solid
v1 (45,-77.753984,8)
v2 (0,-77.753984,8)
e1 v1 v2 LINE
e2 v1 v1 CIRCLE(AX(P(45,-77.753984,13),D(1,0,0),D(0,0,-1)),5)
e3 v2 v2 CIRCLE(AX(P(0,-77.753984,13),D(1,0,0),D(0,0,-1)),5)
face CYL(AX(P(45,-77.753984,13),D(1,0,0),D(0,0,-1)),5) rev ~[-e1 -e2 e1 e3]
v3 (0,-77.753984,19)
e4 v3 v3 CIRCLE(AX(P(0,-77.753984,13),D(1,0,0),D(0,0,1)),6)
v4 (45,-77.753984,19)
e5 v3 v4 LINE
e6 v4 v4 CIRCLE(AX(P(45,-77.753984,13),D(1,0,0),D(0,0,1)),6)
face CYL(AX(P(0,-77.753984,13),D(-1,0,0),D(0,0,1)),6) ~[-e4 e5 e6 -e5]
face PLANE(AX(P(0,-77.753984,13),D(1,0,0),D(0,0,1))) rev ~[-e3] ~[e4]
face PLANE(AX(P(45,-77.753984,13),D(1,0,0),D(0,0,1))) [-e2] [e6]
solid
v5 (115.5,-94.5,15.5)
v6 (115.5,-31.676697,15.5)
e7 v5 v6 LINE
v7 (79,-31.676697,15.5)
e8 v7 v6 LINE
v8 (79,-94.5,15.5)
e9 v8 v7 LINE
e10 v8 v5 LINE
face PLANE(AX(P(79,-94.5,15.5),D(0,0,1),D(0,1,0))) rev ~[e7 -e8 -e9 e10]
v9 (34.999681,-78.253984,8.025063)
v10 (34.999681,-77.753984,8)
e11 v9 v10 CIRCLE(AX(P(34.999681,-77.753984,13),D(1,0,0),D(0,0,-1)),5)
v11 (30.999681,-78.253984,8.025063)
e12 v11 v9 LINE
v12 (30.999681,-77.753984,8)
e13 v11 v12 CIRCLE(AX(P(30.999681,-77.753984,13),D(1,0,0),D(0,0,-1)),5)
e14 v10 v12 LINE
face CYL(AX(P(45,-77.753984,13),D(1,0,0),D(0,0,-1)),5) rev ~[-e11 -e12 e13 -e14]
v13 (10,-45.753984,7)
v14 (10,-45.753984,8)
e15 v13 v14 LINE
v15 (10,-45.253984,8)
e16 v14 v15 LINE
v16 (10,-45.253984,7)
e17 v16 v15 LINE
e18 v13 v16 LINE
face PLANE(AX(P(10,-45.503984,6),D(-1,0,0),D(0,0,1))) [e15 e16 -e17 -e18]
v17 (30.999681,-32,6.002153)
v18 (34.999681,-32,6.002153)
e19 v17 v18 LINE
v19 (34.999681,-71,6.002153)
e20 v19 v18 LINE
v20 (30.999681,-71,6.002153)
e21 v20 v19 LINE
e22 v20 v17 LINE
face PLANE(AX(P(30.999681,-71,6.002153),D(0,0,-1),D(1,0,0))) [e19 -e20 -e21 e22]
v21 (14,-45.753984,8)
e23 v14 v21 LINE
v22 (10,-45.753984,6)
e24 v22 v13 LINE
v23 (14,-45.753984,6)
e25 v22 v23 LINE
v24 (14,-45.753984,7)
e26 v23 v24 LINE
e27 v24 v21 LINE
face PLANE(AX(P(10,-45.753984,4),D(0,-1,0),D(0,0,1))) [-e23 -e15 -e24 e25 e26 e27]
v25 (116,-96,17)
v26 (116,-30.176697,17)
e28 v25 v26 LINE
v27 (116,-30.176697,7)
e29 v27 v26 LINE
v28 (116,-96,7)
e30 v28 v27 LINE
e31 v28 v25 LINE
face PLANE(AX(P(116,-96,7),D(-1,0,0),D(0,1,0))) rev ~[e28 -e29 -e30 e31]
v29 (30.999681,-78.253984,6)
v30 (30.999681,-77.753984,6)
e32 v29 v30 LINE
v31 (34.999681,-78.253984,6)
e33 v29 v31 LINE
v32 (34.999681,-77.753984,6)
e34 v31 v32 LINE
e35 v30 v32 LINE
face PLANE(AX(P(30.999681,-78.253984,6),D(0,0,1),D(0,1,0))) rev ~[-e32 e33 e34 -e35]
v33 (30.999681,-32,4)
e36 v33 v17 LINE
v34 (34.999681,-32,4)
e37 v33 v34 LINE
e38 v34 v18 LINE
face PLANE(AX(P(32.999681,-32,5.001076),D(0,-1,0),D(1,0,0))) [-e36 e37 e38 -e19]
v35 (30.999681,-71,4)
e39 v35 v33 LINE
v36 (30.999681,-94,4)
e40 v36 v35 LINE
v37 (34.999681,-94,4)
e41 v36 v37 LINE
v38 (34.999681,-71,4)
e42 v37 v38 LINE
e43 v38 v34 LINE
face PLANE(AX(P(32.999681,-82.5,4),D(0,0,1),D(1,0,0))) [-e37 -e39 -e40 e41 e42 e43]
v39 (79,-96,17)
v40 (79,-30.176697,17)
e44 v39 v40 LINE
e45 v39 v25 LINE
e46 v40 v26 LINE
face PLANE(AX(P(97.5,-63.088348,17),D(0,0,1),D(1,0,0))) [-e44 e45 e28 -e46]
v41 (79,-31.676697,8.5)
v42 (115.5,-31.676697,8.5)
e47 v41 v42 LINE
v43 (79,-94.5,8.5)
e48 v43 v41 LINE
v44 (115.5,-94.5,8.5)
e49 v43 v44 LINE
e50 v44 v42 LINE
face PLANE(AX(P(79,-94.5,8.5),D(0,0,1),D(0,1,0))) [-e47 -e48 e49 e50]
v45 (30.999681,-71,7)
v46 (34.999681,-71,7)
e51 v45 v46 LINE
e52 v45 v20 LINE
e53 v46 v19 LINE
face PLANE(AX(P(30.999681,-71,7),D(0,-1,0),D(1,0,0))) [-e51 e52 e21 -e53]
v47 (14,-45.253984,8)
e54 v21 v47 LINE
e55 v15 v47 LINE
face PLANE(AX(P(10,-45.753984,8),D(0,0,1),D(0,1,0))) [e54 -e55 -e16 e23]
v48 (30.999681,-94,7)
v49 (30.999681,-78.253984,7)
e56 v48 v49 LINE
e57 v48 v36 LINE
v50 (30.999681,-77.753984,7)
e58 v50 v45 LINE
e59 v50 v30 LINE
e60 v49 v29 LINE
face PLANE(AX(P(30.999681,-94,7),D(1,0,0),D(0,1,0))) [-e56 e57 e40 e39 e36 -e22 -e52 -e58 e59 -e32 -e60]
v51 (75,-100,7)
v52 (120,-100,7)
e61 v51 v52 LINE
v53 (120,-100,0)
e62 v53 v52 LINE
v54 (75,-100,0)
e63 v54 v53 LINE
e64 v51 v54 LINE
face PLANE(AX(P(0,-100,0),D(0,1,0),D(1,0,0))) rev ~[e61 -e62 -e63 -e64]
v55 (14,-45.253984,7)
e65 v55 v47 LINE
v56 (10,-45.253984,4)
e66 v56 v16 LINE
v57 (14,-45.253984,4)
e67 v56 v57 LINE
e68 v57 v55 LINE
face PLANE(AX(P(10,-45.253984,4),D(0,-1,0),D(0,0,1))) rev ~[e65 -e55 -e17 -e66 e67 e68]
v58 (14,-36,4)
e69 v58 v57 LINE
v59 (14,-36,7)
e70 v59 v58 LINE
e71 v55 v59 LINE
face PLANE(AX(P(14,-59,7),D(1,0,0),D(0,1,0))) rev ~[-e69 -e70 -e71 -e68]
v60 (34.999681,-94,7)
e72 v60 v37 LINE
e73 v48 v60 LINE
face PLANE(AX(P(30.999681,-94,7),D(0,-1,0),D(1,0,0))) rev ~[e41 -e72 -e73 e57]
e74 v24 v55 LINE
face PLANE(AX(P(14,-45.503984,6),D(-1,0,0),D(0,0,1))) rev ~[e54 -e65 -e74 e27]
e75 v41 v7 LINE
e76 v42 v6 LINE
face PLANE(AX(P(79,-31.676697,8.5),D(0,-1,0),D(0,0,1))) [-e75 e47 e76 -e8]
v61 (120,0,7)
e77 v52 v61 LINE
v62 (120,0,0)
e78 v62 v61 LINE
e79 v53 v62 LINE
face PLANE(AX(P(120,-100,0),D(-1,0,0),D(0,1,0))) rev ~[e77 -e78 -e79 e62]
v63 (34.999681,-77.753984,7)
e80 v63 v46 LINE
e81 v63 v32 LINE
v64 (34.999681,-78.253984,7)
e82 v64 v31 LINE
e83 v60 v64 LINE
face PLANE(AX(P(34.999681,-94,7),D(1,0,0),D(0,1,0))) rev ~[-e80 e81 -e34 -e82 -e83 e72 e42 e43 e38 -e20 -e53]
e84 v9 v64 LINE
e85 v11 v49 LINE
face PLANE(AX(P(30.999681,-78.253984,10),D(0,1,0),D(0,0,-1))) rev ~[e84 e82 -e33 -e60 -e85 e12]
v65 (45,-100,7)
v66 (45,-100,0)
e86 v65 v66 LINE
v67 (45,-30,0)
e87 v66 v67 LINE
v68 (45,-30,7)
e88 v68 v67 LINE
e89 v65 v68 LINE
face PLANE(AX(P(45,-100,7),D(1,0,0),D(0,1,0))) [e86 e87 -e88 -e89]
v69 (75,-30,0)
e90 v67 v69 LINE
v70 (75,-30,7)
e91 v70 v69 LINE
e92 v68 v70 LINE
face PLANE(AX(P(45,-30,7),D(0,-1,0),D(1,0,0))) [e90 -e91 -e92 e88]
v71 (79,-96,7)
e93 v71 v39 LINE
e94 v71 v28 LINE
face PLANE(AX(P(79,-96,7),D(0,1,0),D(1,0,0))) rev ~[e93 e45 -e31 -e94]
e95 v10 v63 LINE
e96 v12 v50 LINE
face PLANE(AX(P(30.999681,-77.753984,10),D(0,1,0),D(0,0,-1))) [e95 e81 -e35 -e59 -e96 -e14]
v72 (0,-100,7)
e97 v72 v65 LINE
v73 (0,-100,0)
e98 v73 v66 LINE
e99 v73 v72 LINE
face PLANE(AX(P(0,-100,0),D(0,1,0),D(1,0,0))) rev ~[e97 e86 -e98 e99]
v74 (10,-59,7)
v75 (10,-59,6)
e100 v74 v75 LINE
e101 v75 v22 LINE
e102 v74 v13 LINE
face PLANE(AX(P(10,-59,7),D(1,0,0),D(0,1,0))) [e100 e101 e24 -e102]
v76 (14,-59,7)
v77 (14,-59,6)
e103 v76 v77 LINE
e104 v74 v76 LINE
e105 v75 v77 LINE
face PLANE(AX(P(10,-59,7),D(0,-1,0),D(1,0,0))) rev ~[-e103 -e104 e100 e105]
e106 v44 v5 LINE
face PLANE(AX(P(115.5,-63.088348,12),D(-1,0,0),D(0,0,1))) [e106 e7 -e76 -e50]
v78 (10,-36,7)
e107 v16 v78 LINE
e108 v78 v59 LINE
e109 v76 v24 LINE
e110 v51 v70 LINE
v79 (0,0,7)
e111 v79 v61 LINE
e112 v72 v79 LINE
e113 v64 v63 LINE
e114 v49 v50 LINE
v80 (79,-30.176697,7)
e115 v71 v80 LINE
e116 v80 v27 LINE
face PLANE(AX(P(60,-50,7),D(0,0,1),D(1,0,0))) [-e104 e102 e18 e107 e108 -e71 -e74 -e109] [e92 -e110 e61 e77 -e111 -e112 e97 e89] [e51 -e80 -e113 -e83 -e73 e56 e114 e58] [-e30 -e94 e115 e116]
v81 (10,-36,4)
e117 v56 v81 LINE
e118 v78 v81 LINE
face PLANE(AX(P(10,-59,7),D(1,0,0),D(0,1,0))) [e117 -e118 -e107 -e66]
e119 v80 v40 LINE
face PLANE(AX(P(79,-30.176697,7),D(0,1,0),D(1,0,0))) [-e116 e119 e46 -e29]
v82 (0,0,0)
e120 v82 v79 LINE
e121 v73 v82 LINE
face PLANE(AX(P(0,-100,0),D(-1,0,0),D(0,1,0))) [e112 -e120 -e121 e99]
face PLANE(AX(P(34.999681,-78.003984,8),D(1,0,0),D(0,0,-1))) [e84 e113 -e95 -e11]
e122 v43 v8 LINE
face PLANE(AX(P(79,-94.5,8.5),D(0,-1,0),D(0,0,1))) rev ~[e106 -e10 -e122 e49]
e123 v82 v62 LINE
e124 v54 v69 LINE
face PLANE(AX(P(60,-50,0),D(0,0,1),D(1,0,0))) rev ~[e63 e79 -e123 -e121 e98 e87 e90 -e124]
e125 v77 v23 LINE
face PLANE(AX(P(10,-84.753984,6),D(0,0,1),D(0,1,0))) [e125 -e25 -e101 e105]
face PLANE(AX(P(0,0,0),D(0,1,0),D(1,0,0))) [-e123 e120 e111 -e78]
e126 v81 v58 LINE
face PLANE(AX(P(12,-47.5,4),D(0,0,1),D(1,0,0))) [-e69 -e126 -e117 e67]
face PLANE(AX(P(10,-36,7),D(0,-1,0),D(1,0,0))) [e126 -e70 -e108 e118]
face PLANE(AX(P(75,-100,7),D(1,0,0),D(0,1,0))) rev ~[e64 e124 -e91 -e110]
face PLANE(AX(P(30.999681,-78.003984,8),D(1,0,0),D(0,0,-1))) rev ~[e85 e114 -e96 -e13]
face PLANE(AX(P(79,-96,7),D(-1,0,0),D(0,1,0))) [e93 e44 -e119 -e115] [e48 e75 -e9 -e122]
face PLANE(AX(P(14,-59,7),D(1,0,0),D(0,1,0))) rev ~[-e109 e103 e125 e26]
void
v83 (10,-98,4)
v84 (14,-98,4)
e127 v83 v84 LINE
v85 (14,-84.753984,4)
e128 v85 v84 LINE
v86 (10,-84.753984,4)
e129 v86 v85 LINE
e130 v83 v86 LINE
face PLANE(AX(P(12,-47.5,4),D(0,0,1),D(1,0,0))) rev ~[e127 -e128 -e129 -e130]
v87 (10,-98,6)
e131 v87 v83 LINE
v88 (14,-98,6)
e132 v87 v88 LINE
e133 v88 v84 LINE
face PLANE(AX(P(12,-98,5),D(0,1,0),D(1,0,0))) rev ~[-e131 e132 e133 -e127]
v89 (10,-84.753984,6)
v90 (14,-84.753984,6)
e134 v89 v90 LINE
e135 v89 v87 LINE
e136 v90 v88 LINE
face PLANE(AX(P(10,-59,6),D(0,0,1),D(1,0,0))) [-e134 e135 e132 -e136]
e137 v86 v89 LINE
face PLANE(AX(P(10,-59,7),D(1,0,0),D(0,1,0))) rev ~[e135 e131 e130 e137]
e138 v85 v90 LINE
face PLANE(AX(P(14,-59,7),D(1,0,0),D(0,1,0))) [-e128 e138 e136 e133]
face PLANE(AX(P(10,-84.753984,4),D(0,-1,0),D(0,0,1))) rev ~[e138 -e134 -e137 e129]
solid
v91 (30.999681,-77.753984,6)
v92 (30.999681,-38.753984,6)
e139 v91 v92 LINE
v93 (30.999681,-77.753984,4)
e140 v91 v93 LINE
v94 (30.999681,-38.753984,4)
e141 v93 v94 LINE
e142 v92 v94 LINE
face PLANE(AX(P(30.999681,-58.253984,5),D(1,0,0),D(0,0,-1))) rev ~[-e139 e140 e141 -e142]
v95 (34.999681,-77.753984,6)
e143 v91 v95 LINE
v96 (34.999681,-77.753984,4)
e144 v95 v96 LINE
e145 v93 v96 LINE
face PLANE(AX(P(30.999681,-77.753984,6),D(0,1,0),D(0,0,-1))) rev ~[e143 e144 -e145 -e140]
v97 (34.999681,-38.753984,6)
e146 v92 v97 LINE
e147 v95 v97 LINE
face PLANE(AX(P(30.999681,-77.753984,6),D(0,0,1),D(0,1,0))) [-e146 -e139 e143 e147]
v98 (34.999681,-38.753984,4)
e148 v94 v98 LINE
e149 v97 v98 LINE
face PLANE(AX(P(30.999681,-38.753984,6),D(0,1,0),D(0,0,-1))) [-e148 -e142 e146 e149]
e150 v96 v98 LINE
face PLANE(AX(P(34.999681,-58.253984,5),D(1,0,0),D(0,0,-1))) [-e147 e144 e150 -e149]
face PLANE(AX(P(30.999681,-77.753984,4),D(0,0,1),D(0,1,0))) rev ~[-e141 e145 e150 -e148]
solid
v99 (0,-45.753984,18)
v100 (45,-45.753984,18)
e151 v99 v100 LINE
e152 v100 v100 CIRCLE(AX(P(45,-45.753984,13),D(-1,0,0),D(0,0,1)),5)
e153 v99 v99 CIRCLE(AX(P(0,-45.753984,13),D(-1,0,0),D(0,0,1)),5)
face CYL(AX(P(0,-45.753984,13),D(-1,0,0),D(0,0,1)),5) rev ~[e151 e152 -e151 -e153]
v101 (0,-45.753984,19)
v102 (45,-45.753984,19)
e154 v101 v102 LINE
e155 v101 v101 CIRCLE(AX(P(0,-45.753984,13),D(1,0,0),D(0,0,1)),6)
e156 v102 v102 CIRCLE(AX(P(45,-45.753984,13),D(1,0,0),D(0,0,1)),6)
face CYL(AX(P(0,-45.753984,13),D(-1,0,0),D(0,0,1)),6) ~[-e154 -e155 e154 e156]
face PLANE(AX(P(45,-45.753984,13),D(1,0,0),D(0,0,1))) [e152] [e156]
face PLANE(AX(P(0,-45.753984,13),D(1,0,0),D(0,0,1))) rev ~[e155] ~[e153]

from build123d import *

# Parameters (mm, degrees)
SKETCH2_W            = 120
SKETCH2_H            = 100
BOSS_EXTRUDE1_DEPTH  = 7
SKETCH4_W            = 30
SKETCH4_H            = 70
CUT_EXTRUDE1_DEPTH   = 10
SKETCH5_R            = 6
BOSS_EXTRUDE2_DEPTH  = 45
SKETCH8_R            = 5
CUT_EXTRUDE2_DEPTH   = 45
SKETCH10_W           = 4
SKETCH10_H           = 23
CUT_EXTRUDE4_DEPTH   = 3
SKETCH12_W           = 4
SKETCH12_H           = 2
CUT_EXTRUDE5_DEPTH   = 39
SKETCH13_W           = 4
SKETCH13_H           = 2.002152941
CUT_EXTRUDE6_DEPTH   = 39
SKETCH15_W           = 4
SKETCH15_H           = 0.5
BOSS_EXTRUDE4_DEPTH  = 4
SKETCH17_W           = 2
SKETCH17_H           = 39
BOSS_EXTRUDE7_DEPTH  = 4
SKETCH21_W           = 4
SKETCH21_H           = 0.5
BOSS_EXTRUDE8_DEPTH  = 4
SKETCH23_W           = 2
SKETCH23_H           = 39
BOSS_EXTRUDE11_DEPTH = 4
SKETCH24_R           = 6
BOSS_EXTRUDE13_DEPTH = 45
SKETCH25_R           = 5
CUT_EXTRUDE7_DEPTH   = 45
SKETCH28_W           = 37
SKETCH28_H           = 65.823303479
BOSS_EXTRUDE15_DEPTH = 10
SKETCH30_W           = 7
SKETCH30_H           = 62.823303479
CUT_EXTRUDE8_DEPTH   = 36.5


with BuildPart() as part:
    # Sketch2 → Boss-Extrude1 (new body)
    with BuildSketch(Plane.XY):
        with Locations((60, -50)):
            Rectangle(SKETCH2_W, SKETCH2_H)
    extrude(amount=BOSS_EXTRUDE1_DEPTH)

    # Sketch4 → Cut-Extrude1 (cut)
    with BuildSketch(Plane.XY.offset(7)):
        with Locations((60, -65)):
            Rectangle(SKETCH4_W, SKETCH4_H)
    extrude(amount=-CUT_EXTRUDE1_DEPTH, mode=Mode.SUBTRACT)

    # Sketch10 → Cut-Extrude4 (cut)
    with BuildSketch(Plane.XY.offset(7)):
        with Locations((12, -47.5)):
            Rectangle(SKETCH10_W, SKETCH10_H)
        with Locations((32.99968141, -82.5)):
            Rectangle(SKETCH10_W, SKETCH10_H)
    extrude(amount=-CUT_EXTRUDE4_DEPTH, mode=Mode.SUBTRACT)

    # Sketch12 → Cut-Extrude5 (cut)
    with BuildSketch(Plane(origin=(0, -59, 0), x_dir=(1, 0, 0), z_dir=(0, 1, 0))):
        with Locations((12, -5)):
            Rectangle(SKETCH12_W, SKETCH12_H)
    extrude(amount=-CUT_EXTRUDE5_DEPTH, mode=Mode.SUBTRACT)

    # Sketch13 → Cut-Extrude6 (cut)
    with BuildSketch(Plane.XZ.offset(71)):
        with Locations((32.99968141, 5.001076471)):
            Rectangle(SKETCH13_W, SKETCH13_H)
    extrude(amount=-CUT_EXTRUDE6_DEPTH, mode=Mode.SUBTRACT)



with BuildPart() as body_2:
    # Sketch5 → Boss-Extrude2 (new body)
    with BuildSketch(Plane(origin=(0, 0, 0), x_dir=(0, 0, -1), z_dir=(1, 0, 0))):
        with Locations((-13, -45.753984495)):
            Circle(SKETCH5_R)
    extrude(amount=BOSS_EXTRUDE2_DEPTH)

    # Sketch8 → Cut-Extrude2 (cut)
    with BuildSketch(Plane.ZY):
        with Locations((13, -45.753984495)):
            Circle(SKETCH8_R)
    extrude(amount=-CUT_EXTRUDE2_DEPTH, mode=Mode.SUBTRACT)


with BuildPart() as body_3:
    # Sketch15 → Boss-Extrude4 (new body)
    with BuildSketch(Plane.ZY.offset(-10)):
        with Locations((6, -45.503984495)):
            Rectangle(SKETCH15_W, SKETCH15_H)
    extrude(amount=-BOSS_EXTRUDE4_DEPTH)


with BuildPart() as part_1:
    add(part.part)

    add(body_3.part)  # Boss-Extrude7 merges body 3
    # Sketch17 → Boss-Extrude7 (add)
    with BuildSketch(Plane.ZY.offset(-10)):
        with Locations((5, -65.253984495)):
            Rectangle(SKETCH17_W, SKETCH17_H)
    extrude(amount=-BOSS_EXTRUDE7_DEPTH)

    # Sketch21 → Boss-Extrude8 (add)
    with BuildSketch(Plane(origin=(30.99968141, 0, 0), x_dir=(0, 0, -1), z_dir=(1, 0, 0))):
        with Locations((-8, -78.003984495)):
            Rectangle(SKETCH21_W, SKETCH21_H)
    extrude(amount=BOSS_EXTRUDE8_DEPTH)


with BuildPart() as body_3_2:
    # Sketch23 → Boss-Extrude11 (new body)
    with BuildSketch(Plane(origin=(30.99968141, 0, 0), x_dir=(0, 0, -1), z_dir=(1, 0, 0))):
        with Locations((-5, -58.253984495)):
            Rectangle(SKETCH23_W, SKETCH23_H)
    extrude(amount=BOSS_EXTRUDE11_DEPTH)


with BuildPart() as body_4:
    # Sketch24 → Boss-Extrude13 (new body)
    with BuildSketch(Plane(origin=(0, 0, 0), x_dir=(0, 0, -1), z_dir=(1, 0, 0))):
        with Locations((-13, -77.753984495)):
            Circle(SKETCH24_R)
    extrude(amount=BOSS_EXTRUDE13_DEPTH)


with BuildPart() as cut_extrude7_tool:
    # Sketch25 → Cut-Extrude7 (new body)
    with BuildSketch(Plane(origin=(45, 0, 0), x_dir=(0, 0, -1), z_dir=(1, 0, 0))):
        with Locations((-13, -77.753984495)):
            Circle(SKETCH25_R)
    extrude(amount=-CUT_EXTRUDE7_DEPTH)


with BuildPart() as part_2:
    add(part_1.part)

    # Cut-Extrude7: cut by cut_extrude7_tool
    add(cut_extrude7_tool.part, mode=Mode.SUBTRACT)

    # Sketch28 → Boss-Extrude15 (add)
    with BuildSketch(Plane.XY.offset(7)):
        with Locations((97.5, -63.08834826)):
            Rectangle(SKETCH28_W, SKETCH28_H)
    extrude(amount=BOSS_EXTRUDE15_DEPTH)

    # Sketch30 → Cut-Extrude8 (cut)
    with BuildSketch(Plane.ZY.offset(-79)):
        with Locations((12, -63.08834826)):
            Rectangle(SKETCH30_W, SKETCH30_H)
    extrude(amount=-CUT_EXTRUDE8_DEPTH, mode=Mode.SUBTRACT)


with BuildPart() as body_4_1:
    add(body_4.part)

    # Cut-Extrude7: cut by cut_extrude7_tool
    add(cut_extrude7_tool.part, mode=Mode.SUBTRACT)


solid = Compound([body_2.part, body_3_2.part, part_2.part, body_4_1.part])
